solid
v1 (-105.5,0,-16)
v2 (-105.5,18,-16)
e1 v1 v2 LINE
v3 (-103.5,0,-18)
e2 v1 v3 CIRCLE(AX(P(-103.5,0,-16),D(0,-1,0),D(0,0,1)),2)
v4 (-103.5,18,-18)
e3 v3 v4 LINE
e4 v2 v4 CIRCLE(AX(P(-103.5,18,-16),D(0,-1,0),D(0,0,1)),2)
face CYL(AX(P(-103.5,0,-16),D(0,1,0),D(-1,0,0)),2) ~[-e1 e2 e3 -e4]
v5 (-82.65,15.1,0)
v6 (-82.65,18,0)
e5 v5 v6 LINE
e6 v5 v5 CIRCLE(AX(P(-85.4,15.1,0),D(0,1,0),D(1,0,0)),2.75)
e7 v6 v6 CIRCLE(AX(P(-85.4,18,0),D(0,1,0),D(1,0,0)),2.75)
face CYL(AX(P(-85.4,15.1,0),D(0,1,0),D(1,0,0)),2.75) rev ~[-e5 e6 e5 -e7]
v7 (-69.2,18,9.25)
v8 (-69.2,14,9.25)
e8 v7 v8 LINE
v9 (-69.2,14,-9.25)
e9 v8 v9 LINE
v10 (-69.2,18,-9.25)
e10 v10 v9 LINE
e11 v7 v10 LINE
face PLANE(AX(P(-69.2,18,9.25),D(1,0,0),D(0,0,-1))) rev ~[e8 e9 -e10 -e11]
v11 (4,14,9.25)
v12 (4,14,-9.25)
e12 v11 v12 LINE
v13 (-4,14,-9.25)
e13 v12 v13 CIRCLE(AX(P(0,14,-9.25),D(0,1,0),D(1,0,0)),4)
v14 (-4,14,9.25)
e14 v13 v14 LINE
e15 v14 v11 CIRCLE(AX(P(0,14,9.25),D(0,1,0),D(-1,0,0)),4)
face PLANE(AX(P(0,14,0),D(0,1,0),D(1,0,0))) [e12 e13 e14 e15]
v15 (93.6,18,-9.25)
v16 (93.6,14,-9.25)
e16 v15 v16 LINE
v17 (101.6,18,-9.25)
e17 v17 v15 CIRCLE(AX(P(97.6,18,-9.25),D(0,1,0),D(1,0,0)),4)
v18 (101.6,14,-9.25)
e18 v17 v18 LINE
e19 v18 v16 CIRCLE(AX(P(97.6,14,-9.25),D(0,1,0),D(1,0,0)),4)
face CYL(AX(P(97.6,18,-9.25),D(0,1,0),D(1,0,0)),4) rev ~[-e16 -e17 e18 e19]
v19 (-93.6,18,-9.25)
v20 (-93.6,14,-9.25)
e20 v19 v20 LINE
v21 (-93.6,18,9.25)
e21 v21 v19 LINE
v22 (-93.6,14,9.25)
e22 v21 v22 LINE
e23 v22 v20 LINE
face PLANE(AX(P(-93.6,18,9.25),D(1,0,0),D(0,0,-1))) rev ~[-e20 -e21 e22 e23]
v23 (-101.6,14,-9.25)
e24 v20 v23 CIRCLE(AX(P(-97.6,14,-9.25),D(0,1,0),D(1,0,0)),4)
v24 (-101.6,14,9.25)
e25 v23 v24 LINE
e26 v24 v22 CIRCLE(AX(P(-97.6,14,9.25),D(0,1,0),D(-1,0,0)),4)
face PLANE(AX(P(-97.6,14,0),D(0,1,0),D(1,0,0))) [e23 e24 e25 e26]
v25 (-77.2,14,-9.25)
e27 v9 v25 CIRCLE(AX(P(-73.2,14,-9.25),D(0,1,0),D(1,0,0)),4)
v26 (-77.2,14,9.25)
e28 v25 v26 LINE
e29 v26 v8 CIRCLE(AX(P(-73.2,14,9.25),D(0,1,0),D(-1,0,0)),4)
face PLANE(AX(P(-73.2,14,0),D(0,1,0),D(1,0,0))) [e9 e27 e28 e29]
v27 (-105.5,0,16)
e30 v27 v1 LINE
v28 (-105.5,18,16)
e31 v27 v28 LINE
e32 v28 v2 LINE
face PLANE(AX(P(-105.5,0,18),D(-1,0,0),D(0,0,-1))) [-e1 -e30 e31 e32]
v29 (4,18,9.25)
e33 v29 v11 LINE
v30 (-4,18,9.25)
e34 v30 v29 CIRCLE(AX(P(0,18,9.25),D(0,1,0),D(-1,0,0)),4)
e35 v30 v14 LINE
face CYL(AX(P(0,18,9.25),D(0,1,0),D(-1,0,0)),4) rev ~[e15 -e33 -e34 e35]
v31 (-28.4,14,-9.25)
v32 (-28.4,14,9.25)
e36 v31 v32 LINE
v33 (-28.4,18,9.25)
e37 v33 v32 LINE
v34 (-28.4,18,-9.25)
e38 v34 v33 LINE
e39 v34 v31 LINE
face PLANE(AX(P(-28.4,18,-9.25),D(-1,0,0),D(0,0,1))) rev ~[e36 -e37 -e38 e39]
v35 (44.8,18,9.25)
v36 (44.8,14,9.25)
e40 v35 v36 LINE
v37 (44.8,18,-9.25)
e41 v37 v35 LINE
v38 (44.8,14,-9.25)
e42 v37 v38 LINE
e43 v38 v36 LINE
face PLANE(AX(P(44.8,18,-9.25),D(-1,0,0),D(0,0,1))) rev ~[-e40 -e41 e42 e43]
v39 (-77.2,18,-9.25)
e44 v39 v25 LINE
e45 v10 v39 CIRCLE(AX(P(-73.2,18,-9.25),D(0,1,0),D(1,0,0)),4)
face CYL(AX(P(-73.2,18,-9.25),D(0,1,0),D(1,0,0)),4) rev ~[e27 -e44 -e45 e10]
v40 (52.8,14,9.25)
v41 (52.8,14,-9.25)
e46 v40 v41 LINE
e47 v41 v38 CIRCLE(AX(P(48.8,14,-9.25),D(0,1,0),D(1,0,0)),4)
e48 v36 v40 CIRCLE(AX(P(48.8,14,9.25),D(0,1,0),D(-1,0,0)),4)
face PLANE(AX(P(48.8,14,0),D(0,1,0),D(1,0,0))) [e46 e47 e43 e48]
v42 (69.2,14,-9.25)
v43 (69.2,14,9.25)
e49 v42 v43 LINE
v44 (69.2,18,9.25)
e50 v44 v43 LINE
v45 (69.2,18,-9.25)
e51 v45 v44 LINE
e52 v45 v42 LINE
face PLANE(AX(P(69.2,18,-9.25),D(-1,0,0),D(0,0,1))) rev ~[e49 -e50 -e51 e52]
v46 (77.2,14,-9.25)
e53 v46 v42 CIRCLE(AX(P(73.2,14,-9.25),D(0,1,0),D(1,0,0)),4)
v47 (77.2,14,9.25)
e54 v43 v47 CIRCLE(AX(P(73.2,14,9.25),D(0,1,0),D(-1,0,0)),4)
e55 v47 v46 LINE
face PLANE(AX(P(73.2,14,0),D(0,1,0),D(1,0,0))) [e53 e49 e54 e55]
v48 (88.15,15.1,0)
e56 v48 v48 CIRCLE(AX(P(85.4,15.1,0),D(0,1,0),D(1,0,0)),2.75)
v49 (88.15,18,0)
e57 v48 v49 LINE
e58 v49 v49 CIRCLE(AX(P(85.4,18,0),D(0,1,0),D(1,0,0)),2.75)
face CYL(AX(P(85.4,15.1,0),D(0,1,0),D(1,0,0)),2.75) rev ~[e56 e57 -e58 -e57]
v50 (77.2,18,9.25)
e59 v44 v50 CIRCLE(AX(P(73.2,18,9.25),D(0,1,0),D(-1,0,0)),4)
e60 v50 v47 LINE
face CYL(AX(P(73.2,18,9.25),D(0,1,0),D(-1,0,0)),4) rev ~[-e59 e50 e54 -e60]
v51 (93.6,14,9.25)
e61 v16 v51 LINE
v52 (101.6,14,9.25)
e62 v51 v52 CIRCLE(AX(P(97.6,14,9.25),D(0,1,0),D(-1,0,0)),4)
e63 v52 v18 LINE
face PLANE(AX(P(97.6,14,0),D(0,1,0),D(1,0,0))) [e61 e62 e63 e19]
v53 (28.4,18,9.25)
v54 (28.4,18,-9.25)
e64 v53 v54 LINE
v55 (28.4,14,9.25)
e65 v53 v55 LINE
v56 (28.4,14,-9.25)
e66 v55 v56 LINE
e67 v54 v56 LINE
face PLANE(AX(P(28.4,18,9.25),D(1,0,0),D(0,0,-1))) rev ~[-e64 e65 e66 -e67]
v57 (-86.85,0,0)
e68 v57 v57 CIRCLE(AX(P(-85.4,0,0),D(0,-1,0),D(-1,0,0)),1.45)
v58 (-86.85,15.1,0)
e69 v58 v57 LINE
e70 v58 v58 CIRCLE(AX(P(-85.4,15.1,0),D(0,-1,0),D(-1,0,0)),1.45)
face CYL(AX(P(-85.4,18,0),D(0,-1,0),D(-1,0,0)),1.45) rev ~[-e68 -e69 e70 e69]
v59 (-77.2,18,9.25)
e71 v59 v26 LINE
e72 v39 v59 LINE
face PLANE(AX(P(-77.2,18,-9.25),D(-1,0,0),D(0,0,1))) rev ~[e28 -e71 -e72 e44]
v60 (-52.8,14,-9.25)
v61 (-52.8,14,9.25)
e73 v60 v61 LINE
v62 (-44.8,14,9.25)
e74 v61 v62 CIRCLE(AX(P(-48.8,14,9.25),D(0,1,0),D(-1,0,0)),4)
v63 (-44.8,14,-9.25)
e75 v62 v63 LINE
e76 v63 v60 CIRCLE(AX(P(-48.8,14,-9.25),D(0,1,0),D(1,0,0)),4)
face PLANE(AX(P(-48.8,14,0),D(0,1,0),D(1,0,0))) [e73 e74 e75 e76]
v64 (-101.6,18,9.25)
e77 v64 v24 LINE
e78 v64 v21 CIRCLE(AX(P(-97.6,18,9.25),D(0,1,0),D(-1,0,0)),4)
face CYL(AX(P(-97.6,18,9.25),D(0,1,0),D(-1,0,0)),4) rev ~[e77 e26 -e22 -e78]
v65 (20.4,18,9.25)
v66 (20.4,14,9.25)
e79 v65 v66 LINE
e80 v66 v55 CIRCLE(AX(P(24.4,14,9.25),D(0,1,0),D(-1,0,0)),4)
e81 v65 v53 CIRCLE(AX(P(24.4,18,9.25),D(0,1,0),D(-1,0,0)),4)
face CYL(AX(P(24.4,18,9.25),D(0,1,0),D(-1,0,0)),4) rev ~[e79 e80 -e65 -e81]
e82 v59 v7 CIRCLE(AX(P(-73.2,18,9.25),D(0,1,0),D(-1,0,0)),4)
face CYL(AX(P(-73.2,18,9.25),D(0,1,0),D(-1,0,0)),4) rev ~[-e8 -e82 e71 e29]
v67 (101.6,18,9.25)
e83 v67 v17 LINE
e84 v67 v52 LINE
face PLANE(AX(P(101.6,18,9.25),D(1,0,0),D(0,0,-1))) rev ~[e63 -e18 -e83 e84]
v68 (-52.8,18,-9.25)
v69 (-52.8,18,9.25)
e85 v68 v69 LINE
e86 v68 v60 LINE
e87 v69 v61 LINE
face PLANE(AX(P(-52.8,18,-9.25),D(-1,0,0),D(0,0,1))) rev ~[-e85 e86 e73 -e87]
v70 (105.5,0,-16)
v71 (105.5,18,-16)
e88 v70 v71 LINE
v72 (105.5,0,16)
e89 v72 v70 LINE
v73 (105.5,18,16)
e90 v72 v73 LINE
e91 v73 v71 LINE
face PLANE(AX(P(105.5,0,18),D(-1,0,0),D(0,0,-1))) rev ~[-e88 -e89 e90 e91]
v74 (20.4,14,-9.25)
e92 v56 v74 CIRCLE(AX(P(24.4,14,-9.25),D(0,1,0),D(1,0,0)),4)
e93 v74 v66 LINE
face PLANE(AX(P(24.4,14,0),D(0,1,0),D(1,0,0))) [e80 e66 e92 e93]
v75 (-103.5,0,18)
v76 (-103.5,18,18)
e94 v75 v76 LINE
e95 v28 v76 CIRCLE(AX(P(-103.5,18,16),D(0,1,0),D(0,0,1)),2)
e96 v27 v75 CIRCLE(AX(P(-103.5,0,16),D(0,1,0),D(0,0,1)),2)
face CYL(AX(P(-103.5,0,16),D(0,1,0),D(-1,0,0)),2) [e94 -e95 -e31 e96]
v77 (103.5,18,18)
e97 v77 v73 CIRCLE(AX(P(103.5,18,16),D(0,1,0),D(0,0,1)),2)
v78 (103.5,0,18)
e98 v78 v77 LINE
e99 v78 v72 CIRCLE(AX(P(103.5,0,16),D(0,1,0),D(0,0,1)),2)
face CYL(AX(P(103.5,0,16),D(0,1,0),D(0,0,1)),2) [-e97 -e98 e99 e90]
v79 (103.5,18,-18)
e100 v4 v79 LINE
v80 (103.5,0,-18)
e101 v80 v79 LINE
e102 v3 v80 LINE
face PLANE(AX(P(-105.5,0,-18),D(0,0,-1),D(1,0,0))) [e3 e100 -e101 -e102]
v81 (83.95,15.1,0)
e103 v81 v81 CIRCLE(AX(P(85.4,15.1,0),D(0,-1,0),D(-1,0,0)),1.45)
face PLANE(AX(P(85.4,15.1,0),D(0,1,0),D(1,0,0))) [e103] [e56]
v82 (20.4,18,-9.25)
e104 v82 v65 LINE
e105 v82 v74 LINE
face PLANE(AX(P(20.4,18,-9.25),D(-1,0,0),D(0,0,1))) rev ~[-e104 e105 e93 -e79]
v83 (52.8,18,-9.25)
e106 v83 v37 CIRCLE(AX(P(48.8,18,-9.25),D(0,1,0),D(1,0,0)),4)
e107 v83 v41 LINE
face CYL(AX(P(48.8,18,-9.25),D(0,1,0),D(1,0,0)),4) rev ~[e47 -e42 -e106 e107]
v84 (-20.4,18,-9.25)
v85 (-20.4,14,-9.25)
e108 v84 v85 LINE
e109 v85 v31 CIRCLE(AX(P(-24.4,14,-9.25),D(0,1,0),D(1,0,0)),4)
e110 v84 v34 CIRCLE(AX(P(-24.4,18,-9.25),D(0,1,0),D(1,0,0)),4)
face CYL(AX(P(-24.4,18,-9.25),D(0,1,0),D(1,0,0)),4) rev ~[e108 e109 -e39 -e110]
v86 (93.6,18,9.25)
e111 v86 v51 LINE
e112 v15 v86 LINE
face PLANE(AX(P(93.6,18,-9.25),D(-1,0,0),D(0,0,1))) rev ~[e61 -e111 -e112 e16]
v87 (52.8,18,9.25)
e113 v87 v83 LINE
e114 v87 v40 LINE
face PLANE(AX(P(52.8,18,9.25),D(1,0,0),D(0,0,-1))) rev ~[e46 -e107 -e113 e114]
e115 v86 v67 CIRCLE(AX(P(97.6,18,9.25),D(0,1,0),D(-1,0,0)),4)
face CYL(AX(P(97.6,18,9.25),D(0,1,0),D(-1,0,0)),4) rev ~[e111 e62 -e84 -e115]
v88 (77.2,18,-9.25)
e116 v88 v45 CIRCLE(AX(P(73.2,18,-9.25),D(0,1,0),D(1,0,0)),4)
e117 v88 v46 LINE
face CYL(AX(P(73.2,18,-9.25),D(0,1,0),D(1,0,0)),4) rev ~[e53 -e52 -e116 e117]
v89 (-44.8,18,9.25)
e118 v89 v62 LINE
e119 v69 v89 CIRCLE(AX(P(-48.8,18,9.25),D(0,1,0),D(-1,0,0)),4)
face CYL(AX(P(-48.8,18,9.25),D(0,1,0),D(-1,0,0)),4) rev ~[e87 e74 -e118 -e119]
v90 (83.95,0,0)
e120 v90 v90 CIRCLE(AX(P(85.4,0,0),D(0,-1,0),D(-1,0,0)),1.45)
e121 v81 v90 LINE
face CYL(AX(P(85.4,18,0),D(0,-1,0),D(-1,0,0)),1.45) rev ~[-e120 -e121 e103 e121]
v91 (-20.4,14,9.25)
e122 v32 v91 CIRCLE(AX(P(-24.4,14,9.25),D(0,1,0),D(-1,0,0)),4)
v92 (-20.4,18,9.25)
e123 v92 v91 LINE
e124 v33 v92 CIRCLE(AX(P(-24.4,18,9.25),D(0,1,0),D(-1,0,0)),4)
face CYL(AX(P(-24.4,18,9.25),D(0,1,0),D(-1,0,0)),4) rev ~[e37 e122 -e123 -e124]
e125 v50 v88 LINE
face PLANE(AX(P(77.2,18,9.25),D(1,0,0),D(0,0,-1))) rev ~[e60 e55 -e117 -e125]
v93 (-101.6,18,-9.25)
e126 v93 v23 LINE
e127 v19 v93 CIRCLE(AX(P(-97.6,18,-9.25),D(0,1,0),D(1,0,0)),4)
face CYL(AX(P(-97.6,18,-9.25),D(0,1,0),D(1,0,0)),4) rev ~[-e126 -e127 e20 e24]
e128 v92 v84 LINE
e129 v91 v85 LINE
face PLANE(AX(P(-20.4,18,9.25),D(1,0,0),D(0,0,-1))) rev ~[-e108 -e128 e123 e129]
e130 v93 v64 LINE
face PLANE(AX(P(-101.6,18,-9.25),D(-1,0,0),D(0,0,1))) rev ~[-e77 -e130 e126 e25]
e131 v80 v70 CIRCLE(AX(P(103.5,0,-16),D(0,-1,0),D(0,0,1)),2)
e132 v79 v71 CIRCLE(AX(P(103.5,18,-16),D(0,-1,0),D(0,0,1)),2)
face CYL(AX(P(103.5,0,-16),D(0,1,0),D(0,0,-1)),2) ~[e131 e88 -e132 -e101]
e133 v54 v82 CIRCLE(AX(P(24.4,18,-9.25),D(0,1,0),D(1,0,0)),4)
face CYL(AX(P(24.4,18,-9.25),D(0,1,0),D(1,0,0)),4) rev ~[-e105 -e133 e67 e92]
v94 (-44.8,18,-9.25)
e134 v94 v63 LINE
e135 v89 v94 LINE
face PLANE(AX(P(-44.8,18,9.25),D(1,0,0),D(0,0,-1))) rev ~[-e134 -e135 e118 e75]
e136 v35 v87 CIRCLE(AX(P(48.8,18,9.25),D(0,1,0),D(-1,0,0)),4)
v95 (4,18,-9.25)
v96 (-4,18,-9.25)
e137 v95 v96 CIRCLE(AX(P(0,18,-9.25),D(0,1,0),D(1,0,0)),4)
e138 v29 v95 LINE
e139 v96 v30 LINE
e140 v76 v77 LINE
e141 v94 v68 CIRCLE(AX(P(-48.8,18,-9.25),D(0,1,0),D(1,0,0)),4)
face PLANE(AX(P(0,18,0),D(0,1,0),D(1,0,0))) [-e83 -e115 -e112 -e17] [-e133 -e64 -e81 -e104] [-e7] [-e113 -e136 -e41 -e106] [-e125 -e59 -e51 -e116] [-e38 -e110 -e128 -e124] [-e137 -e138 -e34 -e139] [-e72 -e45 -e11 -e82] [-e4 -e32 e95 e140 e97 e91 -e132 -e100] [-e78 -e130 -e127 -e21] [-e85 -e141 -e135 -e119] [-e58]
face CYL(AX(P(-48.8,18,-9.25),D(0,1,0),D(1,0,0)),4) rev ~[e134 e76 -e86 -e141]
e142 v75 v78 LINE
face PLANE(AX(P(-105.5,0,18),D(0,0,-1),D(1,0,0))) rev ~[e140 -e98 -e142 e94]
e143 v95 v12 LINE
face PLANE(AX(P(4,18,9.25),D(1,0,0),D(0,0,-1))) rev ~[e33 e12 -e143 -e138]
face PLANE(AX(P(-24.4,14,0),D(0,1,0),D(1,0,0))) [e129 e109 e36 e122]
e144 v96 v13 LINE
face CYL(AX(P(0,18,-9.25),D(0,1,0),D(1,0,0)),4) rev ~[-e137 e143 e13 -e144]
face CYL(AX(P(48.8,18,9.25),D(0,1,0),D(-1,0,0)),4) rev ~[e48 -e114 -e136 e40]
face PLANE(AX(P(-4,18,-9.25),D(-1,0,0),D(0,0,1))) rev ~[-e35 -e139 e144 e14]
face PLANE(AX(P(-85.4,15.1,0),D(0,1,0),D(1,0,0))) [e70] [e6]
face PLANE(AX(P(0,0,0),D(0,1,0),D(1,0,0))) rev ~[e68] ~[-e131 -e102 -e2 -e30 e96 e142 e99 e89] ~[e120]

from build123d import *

# Parameters (mm, degrees)
SKETCH1_W                                         = 211
SKETCH1_H                                         = 36
BOSS_EXTRUDE1_DEPTH                               = 18
CUT_EXTRUDE1_DEPTH                                = 4
LPATTERN1_COUNT                                   = 9
LPATTERN1_PITCH                                   = 24.4
CBORE_FOR_M2_5_SOCKET_HEAD_CAP_SCREW1_D           = 2.9
CBORE_FOR_M2_5_SOCKET_HEAD_CAP_SCREW1_CBORE_D     = 5.5
CBORE_FOR_M2_5_SOCKET_HEAD_CAP_SCREW1_CBORE_DEPTH = 2.9
FILLET1_R                                         = 2


with BuildPart() as part:
    # Sketch1 → Boss-Extrude1 (new body)
    with BuildSketch(Plane(origin=(0, 0, 0), x_dir=(1, 0, 0), z_dir=(0, 1, 0))):
        Rectangle(SKETCH1_W, SKETCH1_H)
    extrude(amount=BOSS_EXTRUDE1_DEPTH)

    # Sketch2 → Cut-Extrude1 (cut)
    with BuildSketch(Plane(origin=(0, 18, 0), x_dir=(1, 0, 0), z_dir=(0, 1, 0))):
        with BuildLine():
            Line((-101.6, 9.25), (-101.6, -9.25))
            ThreePointArc((-101.6, -9.25), (-97.6, -13.25), (-93.6, -9.25))
            Line((-93.6, -9.25), (-93.6, 9.25))
            ThreePointArc((-93.6, 9.25), (-97.6, 13.25), (-101.6, 9.25))
        make_face()
    cut_extrude1 = extrude(amount=-CUT_EXTRUDE1_DEPTH, mode=Mode.SUBTRACT)

    # LPattern1: Cut-Extrude1 ×9
    with Locations(*[(i * LPATTERN1_PITCH, 0, 0) for i in range(1, LPATTERN1_COUNT)]):
        add(cut_extrude1, mode=Mode.SUBTRACT)

    # CBORE for M2.5 Socket Head Cap Screw1 (through all)
    with Locations(Plane(origin=(0, 18, 0), x_dir=(1, 0, 0), z_dir=(0, 1, 0))):
        with Locations((-85.4, 0), (85.4, 0)):
            CounterBoreHole(CBORE_FOR_M2_5_SOCKET_HEAD_CAP_SCREW1_D / 2, CBORE_FOR_M2_5_SOCKET_HEAD_CAP_SCREW1_CBORE_D / 2, CBORE_FOR_M2_5_SOCKET_HEAD_CAP_SCREW1_CBORE_DEPTH)

    # Fillet1
    fillet1_edges = [part.edges().sort_by_distance(p)[0] for p in [
        (105.5, 9, 18),
        (-105.5, 9, 18),
        (-105.5, 9, -18),
        (105.5, 9, -18),
    ]]
    fillet(fillet1_edges, radius=FILLET1_R)


solid = part.part
